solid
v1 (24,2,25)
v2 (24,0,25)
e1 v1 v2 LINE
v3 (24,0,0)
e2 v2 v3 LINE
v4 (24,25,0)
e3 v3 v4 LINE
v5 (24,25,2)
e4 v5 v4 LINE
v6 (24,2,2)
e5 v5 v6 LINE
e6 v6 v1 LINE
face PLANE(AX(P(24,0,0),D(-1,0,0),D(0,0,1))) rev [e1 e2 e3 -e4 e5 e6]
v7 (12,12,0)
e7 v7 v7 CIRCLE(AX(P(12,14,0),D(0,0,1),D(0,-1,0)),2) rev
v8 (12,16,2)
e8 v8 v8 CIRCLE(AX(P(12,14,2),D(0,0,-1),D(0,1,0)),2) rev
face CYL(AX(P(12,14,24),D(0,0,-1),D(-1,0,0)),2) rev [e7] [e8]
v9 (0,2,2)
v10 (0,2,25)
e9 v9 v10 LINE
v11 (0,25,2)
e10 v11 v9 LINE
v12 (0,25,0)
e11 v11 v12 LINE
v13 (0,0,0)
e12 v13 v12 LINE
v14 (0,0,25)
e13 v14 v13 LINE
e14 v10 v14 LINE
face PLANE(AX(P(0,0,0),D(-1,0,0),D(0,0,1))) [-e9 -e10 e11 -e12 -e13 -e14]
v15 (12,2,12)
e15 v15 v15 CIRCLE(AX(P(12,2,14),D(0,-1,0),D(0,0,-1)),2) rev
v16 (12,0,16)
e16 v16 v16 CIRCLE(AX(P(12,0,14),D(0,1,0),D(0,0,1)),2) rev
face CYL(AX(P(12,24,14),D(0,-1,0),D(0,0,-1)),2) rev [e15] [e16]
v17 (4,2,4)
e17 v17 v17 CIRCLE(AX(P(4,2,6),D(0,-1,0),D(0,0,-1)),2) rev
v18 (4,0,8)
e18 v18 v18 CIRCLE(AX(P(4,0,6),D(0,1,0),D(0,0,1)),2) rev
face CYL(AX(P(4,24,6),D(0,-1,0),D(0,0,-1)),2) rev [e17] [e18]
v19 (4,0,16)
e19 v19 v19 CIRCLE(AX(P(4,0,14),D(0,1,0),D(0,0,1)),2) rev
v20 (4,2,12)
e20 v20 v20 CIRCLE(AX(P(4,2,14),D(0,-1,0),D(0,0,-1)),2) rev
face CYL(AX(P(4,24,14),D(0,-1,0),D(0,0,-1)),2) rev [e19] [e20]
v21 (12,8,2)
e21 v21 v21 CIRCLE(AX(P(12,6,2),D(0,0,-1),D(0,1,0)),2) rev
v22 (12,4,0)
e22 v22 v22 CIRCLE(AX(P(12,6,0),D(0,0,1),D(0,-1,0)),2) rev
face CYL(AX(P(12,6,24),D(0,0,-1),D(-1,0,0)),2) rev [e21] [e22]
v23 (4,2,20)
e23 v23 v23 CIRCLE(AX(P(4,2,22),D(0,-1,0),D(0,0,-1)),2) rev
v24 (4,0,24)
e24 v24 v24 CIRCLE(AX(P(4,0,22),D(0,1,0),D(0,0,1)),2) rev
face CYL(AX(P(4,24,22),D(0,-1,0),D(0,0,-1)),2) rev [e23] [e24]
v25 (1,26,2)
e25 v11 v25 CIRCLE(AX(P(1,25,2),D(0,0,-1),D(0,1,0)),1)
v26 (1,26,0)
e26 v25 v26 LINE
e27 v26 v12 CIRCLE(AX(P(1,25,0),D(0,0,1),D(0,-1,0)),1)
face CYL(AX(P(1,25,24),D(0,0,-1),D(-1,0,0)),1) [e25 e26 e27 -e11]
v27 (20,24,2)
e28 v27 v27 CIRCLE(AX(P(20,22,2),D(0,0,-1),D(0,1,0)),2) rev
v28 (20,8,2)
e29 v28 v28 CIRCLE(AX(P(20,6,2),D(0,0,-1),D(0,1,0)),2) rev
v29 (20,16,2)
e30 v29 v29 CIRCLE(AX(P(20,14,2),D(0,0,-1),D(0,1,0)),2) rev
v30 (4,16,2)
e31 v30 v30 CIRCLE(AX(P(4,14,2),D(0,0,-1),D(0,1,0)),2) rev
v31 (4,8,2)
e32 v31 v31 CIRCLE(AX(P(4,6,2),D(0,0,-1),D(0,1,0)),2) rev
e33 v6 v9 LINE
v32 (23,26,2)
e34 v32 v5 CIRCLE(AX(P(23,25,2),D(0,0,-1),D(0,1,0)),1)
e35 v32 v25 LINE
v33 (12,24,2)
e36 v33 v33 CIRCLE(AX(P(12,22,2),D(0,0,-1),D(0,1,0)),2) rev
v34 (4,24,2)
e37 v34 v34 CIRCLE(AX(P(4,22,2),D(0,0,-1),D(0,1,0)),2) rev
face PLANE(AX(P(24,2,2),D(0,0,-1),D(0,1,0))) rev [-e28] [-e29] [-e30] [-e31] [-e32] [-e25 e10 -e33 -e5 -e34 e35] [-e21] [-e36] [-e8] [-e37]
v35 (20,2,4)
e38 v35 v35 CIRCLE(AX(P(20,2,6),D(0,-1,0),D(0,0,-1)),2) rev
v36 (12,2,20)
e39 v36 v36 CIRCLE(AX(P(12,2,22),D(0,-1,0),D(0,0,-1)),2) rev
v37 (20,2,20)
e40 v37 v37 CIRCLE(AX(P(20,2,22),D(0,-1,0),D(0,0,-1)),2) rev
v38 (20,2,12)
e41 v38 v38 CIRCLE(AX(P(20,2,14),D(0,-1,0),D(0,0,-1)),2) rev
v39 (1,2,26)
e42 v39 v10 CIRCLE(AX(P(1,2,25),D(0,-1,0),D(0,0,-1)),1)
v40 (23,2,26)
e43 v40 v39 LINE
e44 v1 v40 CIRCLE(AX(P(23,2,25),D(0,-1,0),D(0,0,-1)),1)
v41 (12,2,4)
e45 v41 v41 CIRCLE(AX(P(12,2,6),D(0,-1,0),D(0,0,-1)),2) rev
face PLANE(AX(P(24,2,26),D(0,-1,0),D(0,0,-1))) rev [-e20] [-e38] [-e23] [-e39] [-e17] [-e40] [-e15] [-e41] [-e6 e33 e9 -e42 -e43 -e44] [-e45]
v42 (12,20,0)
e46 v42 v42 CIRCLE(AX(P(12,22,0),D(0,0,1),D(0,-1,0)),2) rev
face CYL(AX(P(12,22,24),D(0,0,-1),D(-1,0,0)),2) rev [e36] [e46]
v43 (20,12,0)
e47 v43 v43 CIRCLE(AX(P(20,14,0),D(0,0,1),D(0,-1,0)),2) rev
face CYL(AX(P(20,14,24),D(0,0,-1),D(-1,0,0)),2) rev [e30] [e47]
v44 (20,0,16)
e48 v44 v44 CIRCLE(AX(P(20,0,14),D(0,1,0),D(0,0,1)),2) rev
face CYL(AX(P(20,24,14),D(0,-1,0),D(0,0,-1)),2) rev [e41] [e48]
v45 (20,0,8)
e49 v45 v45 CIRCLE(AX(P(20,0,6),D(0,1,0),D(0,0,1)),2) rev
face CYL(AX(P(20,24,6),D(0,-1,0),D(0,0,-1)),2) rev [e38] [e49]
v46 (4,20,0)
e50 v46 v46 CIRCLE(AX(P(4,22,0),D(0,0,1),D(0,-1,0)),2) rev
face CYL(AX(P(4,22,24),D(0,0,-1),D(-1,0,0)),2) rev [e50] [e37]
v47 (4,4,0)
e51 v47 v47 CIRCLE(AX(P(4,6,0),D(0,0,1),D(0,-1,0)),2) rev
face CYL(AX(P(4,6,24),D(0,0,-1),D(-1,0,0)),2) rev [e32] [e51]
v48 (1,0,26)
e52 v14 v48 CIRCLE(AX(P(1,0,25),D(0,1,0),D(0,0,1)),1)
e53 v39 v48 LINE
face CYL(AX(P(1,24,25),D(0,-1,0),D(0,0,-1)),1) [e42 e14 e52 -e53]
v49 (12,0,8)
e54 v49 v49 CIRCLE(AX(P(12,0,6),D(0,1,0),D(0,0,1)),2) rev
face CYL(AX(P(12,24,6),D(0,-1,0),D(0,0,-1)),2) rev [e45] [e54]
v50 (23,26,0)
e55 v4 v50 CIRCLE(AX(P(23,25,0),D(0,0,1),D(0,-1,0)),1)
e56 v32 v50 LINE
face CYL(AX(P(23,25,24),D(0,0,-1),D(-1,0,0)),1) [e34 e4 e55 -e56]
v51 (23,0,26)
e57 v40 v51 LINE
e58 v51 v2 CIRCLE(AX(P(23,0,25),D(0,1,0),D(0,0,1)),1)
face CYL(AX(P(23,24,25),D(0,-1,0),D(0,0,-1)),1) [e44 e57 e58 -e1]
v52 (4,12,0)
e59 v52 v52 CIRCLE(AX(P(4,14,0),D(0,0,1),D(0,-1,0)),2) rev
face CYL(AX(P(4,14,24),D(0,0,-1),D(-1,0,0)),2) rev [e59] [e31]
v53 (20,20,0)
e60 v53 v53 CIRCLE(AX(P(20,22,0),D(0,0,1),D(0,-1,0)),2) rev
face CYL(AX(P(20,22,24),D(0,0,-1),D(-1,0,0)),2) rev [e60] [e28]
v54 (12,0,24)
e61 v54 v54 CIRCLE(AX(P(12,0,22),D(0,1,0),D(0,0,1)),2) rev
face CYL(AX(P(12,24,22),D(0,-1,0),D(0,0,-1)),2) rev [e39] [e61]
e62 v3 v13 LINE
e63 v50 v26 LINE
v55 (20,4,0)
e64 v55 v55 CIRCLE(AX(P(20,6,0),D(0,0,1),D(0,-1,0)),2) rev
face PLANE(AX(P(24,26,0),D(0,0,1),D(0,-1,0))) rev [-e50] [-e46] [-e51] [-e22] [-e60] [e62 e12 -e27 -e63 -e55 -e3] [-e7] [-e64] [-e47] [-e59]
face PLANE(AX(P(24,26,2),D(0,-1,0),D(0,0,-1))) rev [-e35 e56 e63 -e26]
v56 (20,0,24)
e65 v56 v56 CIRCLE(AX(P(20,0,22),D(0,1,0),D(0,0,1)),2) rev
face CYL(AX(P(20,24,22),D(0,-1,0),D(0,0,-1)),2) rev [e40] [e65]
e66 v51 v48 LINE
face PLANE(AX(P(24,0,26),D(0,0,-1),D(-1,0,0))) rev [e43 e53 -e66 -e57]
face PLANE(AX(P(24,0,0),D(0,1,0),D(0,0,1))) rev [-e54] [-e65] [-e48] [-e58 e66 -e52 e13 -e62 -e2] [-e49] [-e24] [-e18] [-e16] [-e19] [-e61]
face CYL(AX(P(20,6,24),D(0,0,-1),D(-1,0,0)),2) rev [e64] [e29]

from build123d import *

# Parameters (mm, degrees)
EXTRUDE_1_DEPTH          = 24
CUT_EXTRUDE_1_DEPTH      = 24
CUT_EXTRUDE_1_DEPTH_BACK = 24
SKETCH_2_R               = 2
CUT_EXTRUDE_2_DEPTH      = 24
CUT_EXTRUDE_2_DEPTH_BACK = 24
SKETCH_3_R               = 2


with BuildPart() as part:
    # Эскиз1 → Бобышка-Вытянуть1 (new body)
    with BuildSketch(Plane(origin=(0, 0, 0), x_dir=(0, 0, -1), z_dir=(1, 0, 0))):
        Polygon((0, 0), (-26, 0), (-26, 2), (-2, 2), (-2, 26), (0, 26), align=None)
    extrude(amount=EXTRUDE_1_DEPTH)

    # Эскиз2 → Вырез-Вытянуть1 (cut, two sides: drawn at the far end of the back side and taken through both)
    with BuildSketch(Plane.XY.offset(-CUT_EXTRUDE_1_DEPTH_BACK)):
        with Locations(Location((12, 14, 0), (0, 0, 90))):
            Circle(SKETCH_2_R)
        with Locations(Location((4, 14, 0), (0, 0, 90))):
            Circle(SKETCH_2_R)
        with Locations(Location((20, 14, 0), (0, 0, 90))):
            Circle(SKETCH_2_R)
        with Locations(Location((12, 22, 0), (0, 0, 90))):
            Circle(SKETCH_2_R)
        with Locations(Location((4, 22, 0), (0, 0, 90))):
            Circle(SKETCH_2_R)
        with Locations(Location((20, 22, 0), (0, 0, 90))):
            Circle(SKETCH_2_R)
        with Locations(Location((12, 6, 0), (0, 0, 90))):
            Circle(SKETCH_2_R)
        with Locations(Location((4, 6, 0), (0, 0, 90))):
            Circle(SKETCH_2_R)
        with Locations(Location((20, 6, 0), (0, 0, 90))):
            Circle(SKETCH_2_R)
        with BuildLine():
            Line((0, 26), (0, 25))
            ThreePointArc((0, 25), (0.292893219, 25.707106781), (1, 26))
            Line((1, 26), (0, 26))
        make_face()
        with BuildLine():
            Line((24, 26), (23, 26))
            ThreePointArc((23, 26), (23.707106781, 25.707106781), (24, 25))
            Line((24, 25), (24, 26))
        make_face()
    extrude(amount=CUT_EXTRUDE_1_DEPTH + CUT_EXTRUDE_1_DEPTH_BACK, mode=Mode.SUBTRACT)

    # Эскиз3 → Вырез-Вытянуть2 (cut, two sides: drawn at the far end of the back side and taken through both)
    with BuildSketch(Plane(origin=(0, 0, 0), x_dir=(1, 0, 0), z_dir=(0, 1, 0)).offset(-CUT_EXTRUDE_2_DEPTH_BACK)):
        with Locations(Location((12, -14, 0), (0, 0, 90))):
            Circle(SKETCH_3_R)
        with Locations(Location((4, -14, 0), (0, 0, 90))):
            Circle(SKETCH_3_R)
        with Locations(Location((20, -14, 0), (0, 0, 90))):
            Circle(SKETCH_3_R)
        with Locations(Location((12, -6, 0), (0, 0, 90))):
            Circle(SKETCH_3_R)
        with Locations(Location((4, -6, 0), (0, 0, 90))):
            Circle(SKETCH_3_R)
        with Locations(Location((20, -6, 0), (0, 0, 90))):
            Circle(SKETCH_3_R)
        with Locations(Location((12, -22, 0), (0, 0, 90))):
            Circle(SKETCH_3_R)
        with Locations(Location((4, -22, 0), (0, 0, 90))):
            Circle(SKETCH_3_R)
        with Locations(Location((20, -22, 0), (0, 0, 90))):
            Circle(SKETCH_3_R)
        with BuildLine():
            Line((0, -25), (0, -26))
            Line((0, -26), (1, -26))
            ThreePointArc((1, -26), (0.292893219, -25.707106781), (0, -25))
        make_face()
        with BuildLine():
            Line((24, -26), (23, -26))
            ThreePointArc((23, -26), (23.707106781, -25.707106781), (24, -25))
            Line((24, -25), (24, -26))
        make_face()
    extrude(amount=CUT_EXTRUDE_2_DEPTH + CUT_EXTRUDE_2_DEPTH_BACK, mode=Mode.SUBTRACT)


solid = part.part
